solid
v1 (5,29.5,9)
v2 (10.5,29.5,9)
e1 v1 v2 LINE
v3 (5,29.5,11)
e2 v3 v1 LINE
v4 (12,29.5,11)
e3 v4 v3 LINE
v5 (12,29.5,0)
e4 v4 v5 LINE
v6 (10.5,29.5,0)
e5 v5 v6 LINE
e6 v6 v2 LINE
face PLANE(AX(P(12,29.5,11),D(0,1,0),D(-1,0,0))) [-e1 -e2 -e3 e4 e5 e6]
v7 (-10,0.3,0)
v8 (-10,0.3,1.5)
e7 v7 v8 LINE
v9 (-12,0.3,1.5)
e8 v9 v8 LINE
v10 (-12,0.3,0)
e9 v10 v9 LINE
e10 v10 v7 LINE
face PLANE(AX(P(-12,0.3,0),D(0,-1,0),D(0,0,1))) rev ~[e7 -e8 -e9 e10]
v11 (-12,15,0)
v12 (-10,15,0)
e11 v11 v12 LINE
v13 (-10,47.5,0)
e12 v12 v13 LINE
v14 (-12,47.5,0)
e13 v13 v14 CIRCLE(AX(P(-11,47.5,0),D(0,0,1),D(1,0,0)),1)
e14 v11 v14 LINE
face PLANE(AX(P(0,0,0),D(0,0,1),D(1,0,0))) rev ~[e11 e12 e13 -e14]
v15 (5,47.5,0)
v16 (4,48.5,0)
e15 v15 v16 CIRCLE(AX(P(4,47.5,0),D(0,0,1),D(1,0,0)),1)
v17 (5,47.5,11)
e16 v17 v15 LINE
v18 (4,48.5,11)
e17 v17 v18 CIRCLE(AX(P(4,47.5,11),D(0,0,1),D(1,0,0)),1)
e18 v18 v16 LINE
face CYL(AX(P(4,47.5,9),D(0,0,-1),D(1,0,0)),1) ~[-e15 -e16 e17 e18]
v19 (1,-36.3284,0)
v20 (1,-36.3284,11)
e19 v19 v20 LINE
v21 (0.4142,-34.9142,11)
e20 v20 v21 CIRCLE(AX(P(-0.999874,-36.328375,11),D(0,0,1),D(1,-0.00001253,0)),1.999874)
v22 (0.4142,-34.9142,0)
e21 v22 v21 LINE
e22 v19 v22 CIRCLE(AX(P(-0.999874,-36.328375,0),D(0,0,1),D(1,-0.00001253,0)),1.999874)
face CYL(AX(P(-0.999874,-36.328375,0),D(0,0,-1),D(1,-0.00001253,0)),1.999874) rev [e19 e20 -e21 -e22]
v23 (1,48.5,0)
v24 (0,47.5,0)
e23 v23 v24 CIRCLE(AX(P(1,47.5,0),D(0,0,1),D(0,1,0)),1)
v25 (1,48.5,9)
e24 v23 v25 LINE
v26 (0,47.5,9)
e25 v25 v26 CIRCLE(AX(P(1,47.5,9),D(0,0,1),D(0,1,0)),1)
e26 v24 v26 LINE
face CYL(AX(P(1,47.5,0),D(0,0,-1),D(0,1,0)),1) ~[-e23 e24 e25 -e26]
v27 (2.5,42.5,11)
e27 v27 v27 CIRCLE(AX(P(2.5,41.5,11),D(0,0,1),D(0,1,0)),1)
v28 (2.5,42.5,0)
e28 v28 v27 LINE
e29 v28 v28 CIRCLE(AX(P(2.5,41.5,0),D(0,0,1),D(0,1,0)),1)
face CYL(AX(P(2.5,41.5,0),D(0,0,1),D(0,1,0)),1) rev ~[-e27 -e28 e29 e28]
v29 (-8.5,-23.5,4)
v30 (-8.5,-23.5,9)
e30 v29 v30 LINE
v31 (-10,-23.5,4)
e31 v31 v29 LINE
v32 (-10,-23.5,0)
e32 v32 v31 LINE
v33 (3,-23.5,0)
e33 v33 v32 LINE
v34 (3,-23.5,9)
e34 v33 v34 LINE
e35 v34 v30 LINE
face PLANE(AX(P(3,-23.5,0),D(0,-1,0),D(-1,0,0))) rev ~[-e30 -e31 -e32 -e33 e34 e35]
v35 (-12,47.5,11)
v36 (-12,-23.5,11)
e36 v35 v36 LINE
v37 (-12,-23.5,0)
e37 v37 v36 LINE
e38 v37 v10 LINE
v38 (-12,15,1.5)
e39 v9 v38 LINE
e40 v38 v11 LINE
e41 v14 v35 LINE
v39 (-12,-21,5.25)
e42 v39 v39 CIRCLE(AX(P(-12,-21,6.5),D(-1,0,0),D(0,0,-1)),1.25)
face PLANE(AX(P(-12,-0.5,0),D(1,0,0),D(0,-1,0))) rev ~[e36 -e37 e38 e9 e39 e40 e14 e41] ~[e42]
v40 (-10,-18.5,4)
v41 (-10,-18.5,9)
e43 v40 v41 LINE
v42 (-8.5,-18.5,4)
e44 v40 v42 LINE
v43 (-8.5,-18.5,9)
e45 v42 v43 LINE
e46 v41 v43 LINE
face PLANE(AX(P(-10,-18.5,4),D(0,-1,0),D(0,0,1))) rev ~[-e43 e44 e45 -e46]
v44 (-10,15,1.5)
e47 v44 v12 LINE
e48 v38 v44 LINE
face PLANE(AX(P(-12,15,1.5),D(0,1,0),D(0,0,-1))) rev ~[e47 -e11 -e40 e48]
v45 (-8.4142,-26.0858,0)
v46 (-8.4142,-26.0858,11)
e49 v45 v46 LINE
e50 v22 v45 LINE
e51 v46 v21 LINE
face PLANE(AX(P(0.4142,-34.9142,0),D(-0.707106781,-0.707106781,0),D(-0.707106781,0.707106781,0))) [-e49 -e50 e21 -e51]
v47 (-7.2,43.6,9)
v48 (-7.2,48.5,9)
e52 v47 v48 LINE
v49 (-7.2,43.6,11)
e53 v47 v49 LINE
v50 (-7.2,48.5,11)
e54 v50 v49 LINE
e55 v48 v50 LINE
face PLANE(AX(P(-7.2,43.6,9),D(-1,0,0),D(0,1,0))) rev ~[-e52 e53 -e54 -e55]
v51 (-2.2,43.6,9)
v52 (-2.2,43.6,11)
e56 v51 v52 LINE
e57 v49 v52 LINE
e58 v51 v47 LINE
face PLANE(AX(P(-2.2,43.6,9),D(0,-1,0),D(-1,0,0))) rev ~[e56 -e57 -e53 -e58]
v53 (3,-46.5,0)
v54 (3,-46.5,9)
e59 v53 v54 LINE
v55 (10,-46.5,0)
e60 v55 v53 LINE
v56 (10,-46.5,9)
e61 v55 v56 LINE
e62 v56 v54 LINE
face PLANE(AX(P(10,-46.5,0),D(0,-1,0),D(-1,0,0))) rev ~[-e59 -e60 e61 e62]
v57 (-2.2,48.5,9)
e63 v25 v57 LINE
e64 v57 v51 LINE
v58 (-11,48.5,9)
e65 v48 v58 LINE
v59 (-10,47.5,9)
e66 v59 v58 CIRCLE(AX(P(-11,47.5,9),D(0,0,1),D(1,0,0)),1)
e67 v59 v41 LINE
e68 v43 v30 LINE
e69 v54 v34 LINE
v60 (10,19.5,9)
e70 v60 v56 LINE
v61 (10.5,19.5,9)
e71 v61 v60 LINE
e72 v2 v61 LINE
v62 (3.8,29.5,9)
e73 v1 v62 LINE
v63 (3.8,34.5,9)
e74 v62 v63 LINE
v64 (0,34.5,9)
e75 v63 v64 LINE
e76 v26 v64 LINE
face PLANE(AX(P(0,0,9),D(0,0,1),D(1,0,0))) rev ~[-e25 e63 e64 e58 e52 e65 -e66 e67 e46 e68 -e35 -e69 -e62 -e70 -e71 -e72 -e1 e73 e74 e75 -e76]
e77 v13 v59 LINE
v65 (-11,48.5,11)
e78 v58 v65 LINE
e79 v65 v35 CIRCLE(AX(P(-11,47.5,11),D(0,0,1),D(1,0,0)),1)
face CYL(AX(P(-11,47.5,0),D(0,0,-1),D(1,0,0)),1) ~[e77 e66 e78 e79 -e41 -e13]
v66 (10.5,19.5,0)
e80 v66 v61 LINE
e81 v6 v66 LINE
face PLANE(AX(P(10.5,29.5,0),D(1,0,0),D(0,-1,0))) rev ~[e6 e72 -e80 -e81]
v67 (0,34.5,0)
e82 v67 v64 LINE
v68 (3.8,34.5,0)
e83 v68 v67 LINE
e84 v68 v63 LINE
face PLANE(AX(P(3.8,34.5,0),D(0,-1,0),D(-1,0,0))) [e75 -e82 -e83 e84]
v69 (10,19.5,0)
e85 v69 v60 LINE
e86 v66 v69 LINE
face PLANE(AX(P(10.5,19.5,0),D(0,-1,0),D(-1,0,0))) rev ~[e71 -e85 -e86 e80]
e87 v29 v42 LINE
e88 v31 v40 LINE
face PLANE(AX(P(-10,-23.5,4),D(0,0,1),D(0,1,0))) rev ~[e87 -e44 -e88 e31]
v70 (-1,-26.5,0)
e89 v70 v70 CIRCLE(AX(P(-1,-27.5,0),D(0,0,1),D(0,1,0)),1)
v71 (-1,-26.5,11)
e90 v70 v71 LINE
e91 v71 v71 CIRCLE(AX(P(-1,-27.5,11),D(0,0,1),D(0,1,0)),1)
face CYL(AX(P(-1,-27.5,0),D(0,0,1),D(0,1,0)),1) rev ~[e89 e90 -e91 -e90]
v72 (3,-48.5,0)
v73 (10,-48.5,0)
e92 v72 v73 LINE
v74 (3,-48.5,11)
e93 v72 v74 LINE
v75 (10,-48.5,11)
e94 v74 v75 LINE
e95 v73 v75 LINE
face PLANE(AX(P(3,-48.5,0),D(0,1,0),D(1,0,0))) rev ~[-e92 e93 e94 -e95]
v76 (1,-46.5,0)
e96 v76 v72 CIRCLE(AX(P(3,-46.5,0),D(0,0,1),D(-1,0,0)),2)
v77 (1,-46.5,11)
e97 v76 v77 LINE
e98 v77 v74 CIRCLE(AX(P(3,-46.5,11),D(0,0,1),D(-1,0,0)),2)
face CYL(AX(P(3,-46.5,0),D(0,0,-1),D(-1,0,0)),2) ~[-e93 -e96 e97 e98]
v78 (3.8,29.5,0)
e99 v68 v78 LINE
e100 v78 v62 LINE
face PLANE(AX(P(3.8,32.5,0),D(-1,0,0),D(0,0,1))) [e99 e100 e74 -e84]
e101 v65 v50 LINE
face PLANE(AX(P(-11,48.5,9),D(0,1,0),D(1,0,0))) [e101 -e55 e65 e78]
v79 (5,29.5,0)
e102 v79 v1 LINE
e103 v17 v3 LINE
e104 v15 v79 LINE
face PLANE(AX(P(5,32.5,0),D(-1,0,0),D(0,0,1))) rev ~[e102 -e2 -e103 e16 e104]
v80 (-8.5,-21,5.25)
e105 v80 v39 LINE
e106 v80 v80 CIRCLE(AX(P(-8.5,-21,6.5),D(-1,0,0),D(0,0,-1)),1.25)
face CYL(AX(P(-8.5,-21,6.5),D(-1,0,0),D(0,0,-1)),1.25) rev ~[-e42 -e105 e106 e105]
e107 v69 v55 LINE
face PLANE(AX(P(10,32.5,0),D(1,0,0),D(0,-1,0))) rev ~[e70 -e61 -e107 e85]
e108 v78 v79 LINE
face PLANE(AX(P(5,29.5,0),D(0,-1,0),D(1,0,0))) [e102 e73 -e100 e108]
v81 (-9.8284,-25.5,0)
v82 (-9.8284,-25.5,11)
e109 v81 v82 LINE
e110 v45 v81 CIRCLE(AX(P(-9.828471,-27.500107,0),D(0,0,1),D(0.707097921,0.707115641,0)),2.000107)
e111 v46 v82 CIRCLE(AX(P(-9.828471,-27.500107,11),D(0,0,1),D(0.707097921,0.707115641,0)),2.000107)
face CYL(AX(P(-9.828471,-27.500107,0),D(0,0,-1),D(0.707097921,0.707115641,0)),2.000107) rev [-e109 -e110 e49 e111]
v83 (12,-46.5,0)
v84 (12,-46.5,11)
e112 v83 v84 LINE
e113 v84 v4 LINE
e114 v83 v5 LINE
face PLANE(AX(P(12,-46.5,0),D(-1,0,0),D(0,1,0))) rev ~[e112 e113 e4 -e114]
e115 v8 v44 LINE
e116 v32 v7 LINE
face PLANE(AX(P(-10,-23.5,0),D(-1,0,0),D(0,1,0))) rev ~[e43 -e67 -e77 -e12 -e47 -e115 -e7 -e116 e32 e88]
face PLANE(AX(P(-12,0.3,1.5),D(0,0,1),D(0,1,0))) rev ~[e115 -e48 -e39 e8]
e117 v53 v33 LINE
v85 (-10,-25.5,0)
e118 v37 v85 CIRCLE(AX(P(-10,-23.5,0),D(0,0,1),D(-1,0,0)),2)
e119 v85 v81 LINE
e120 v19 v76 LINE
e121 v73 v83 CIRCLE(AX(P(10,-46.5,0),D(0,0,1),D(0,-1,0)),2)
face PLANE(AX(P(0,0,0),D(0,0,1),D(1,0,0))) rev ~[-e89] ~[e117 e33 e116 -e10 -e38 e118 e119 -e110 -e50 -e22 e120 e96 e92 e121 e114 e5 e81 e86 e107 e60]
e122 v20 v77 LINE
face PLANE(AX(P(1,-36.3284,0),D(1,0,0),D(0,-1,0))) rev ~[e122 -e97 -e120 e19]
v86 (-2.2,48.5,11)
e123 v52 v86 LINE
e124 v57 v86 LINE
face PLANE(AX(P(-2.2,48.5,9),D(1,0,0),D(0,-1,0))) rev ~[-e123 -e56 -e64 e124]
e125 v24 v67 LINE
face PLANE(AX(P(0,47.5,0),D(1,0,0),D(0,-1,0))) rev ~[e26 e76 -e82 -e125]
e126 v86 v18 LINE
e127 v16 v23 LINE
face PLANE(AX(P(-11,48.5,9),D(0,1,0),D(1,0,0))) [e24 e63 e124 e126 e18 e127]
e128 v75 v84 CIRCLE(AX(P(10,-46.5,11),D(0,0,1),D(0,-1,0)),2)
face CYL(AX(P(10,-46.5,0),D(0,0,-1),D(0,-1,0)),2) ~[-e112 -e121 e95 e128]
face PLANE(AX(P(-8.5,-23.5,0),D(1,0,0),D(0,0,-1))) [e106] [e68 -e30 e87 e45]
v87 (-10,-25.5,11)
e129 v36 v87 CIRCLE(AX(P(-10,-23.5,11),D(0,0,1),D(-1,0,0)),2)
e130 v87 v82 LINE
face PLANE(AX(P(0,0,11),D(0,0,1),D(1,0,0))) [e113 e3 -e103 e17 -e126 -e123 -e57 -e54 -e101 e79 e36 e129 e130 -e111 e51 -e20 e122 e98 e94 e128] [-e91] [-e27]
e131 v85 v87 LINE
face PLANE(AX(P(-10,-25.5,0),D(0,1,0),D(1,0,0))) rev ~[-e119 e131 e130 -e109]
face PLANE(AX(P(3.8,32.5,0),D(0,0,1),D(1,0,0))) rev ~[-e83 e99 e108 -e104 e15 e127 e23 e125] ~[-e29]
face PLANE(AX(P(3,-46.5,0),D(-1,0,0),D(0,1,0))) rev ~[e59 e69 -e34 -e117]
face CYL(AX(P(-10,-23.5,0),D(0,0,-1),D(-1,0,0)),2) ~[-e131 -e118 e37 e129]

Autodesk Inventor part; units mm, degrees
ref_plane "YZ Plane" through (0, 0, 0) normal (1, 0, 0) x (0, 1, 0)
ref_plane "XZ Plane" through (0, 0, 0) normal (0, 1, 0) x (-1, 0, 0)
sketch "Skizze1" plane through (0, 0, 0) normal (0, 0, 1) x (1, 0, 0)
  point P0 (0, 0)
ref_plane "Arbeitsebene1" through (0, 0, 0) normal (0, 0, 1) x (1, 0, 0)
sketch "Skizze2" plane through (0, 0, 0) normal (0, 0, 1) x (1, 0, 0)
  line L0 (-10, -0.5) -> (-12, -0.5) projected
  line L1 (-12, -0.5) -> (-12, -23.5) projected
  arc A0 (-12, -23.5) -> (-10, -25.5) centre (-10, -23.5) ccw projected
  line L2 (-10, -25.5) -> (-9.8284, -25.5) projected
  arc A1 (-8.4142, -26.0858) -> (-9.8284, -25.5) centre (-9.8284, -27.5) ccw projected
  line L3 (0.4142, -34.9142) -> (-8.4142, -26.0858) projected
  arc A2 (1, -36.3284) -> (0.4142, -34.9142) centre (-1, -36.3284) ccw projected
  line L4 (1, -36.3284) -> (1, -46.5) projected
  arc A3 (1, -46.5) -> (3, -48.5) centre (3, -46.5) ccw projected
  line L5 (3, -48.5) -> (10, -48.5) projected
  arc A4 (10, -48.5) -> (12, -46.5) centre (10, -46.5) ccw projected
  line L6 (12, -46.5) -> (12, 31.5) projected
  line L7 (11, 32.5) -> (10, 32.5) projected
  line L8 (10, 32.5) -> (10, -46.5) projected
  line L9 (10, -46.5) -> (3, -46.5) projected
  line L10 (3, -46.5) -> (3, -23.5) projected
  line L11 (3, -23.5) -> (-10, -23.5) projected
  line L12 (-10, -23.5) -> (-10, -0.5) projected
  arc A5 (1, 48.5) -> (0, 47.5) centre (1, 47.5) ccw projected
  line L13 (0, 47.5) -> (0, 32.5) projected
  line L14 (0, 32.5) -> (5, 32.5) projected
  line L15 (5, 32.5) -> (5, 47.5) projected
  arc A6 (5, 47.5) -> (4, 48.5) centre (4, 47.5) ccw projected
  line L16 (4, 48.5) -> (1, 48.5) projected
  line L17 (-12, 12.5) -> (-10, 12.5) projected
  line L18 (-10, 12.5) -> (-10, 47.5) projected
  arc A7 (-10, 47.5) -> (-12, 47.5) centre (-11, 47.5) ccw projected
  line L19 (-12, 47.5) -> (-12, 12.5) projected
  line L20 (-10, 12.5) -> (-10, -0.5) projected
  line L21 (-12, 12.5) -> (-10, 12.5) projected
  line L22 (-12, -0.5) -> (-12, 12.5) projected
  line L23 (-10, -0.5) -> (-12, -0.5) projected
  arc A8 (12, 31.5) -> (11, 32.5) centre (11, 31.5) ccw projected
  point P0 (0, 0)
extrude "Extrusion1" add sketch "Skizze2" along normal blind 9
sketch "Skizze3" plane through (0, 0, 9) normal (0, 0, 1) x (1, 0, 0)
  line L0 (-12, 47.5) -> (-12, -23.5) projected
  arc A0 (-12, -23.5) -> (-10, -25.5) centre (-10, -23.5) ccw projected
  line L1 (-10, -25.5) -> (-9.8284, -25.5) projected
  arc A1 (-8.4142, -26.0858) -> (-9.8284, -25.5) centre (-9.8284, -27.5) ccw projected
  line L2 (-8.4142, -26.0858) -> (0.4142, -34.9142) projected
  arc A2 (1, -36.3284) -> (0.4142, -34.9142) centre (-1, -36.3284) ccw projected
  line L3 (1, -36.3284) -> (1, -46.5) projected
  arc A3 (1, -46.5) -> (3, -48.5) centre (3, -46.5) ccw projected
  line L4 (3, -48.5) -> (10, -48.5) projected
  arc A4 (10, -48.5) -> (12, -46.5) centre (10, -46.5) ccw projected
  line L5 (12, -46.5) -> (12, 31.5) projected
  line L6 (11, 32.5) -> (10, 32.5) projected
  line L7 (10, 32.5) -> (10, -46.5) projected
  line L8 (10, -46.5) -> (3, -46.5) projected
  line L9 (3, -46.5) -> (3, -23.5) projected
  line L10 (3, -23.5) -> (-10, -23.5) projected
  line L11 (-10, -23.5) -> (-10, 47.5) projected
  arc A5 (-10, 47.5) -> (-12, 47.5) centre (-11, 47.5) ccw projected
  line L12 (0, 32.5) -> (5, 32.5) projected
  line L13 (5, 32.5) -> (5, 47.5) projected
  arc A6 (5, 47.5) -> (4, 48.5) centre (4, 47.5) ccw projected
  line L14 (4, 48.5) -> (1, 48.5) projected
  arc A7 (1, 48.5) -> (0, 47.5) centre (1, 47.5) ccw projected
  line L15 (0, 47.5) -> (0, 32.5) projected
  line L16 (10, 32.5) -> (5, 32.5) projected
  line L17 (-11, 48.5) -> (4, 48.5)
  arc A8 (12, 31.5) -> (11, 32.5) centre (11, 31.5) ccw projected
  point P0 (0, 0)
extrude "Extrusion2" add sketch "Skizze3" along normal blind 2
sketch "Skizze5" plane through (-10, -23.5, 0) normal (1, 0, 0) x (0, 0, -1)
  line L0 (0, 0) -> (0, 71) projected
  line L1 (0, 71) -> (-9, 71) projected
  line L2 (-9, 0) -> (-9, 71) projected
  line L3 (0, 0) -> (-9, 0) projected
  line L4 (-9, 0) -> (-9, 71) projected
  line L5 (-9, 0) -> (-4, 0)
  line L6 (-4, 0) -> (-4, 5)
  line L7 (-4, 5) -> (-9, 5)
  line L8 (-9, 5) -> (-9, 0)
  point P0 (0, 23.5)
  point P1 (-9, 5)
  dimension "d4" = 5
  dimension "d5" = 5
extrude "Extrusion3" add sketch "Skizze5" along normal blind 2.5 contours L3 L2 L7 L6
sketch "Skizze6" plane through (-7.5, -23.5, 0) normal (1, 0, 0) x (0, 0, -1)
  line L0 (-4, 0) -> (-4, 5) projected
  line L1 (-4, 0) -> (-9, 0) projected
  line L2 (-4, 5) -> (-9, 5)
  line L3 (-9, 5) -> (-9, 0)
  line L4 (-9, 0) -> (-4, 0)
  line L5 (-4, 0) -> (-4, 5)
  point P0 (0, 23.5)
extrude "Extrusion4" cut sketch "Skizze6" against normal blind 1
sketch "Skizze7" plane through (0, 0, 0) normal (0, 0, -1) x (-1, 0, 0)
  line L0 (0, 32.5) -> (-5, 32.5) projected
  line L1 (0, 32.5) -> (-3.8, 32.5)
  line L2 (-3.8, 32.5) -> (-3.8, 34.5)
  line L3 (-3.8, 34.5) -> (0, 34.5)
  line L4 (0, 34.5) -> (0, 32.5)
  point P0 (0, 0)
  dimension "d10" = 2
  dimension "d11" = 3.8
extrude "Extrusion5" cut sketch "Skizze7" against normal up to surface (9 mm away)
sketch "Skizze8" plane through (0, 0, 11) normal (0, 0, 1) x (1, 0, 0)
  line L0 (3.8, 32.5) -> (5, 32.5) projected
  line L1 (12, -46.5) -> (12, 31.5) projected
  line L2 (5, 32.5) -> (12, 32.5)
  line L3 (12, 32.5) -> (12, 29.5)
  line L4 (12, 29.5) -> (5, 29.5)
  line L5 (5, 29.5) -> (5, 32.5)
  point P0 (0, 0)
  dimension "d14" = 3
extrude "Extrusion6" cut sketch "Skizze8" against normal through all
sketch "Skizze9" plane through (5, 32.5, 0) normal (0, -1, 0) x (1, 0, 0)
  line L0 (-1.2, 0) -> (-1.2, 9) projected
  line L1 (0, 0) -> (0, 11) projected
  line L2 (-1.2, 0) -> (0, 0)
  line L3 (0, 0) -> (0, 9)
  line L4 (0, 9) -> (-1.2, 9)
  line L5 (-1.2, 9) -> (-1.2, 0)
  point P0 (-5, 0)
  dimension "d17" = 9
extrude "Extrusion7" add sketch "Skizze9" along normal blind 3
sketch "Skizze10" plane through (-12, -23.5, 0) normal (-1, 0, 0) x (0, 0, 1)
  line L0 (0, 0) -> (0, 71) projected
  line L1 (0, 23.8) -> (1.5, 23.8)
  line L2 (1.5, 23.8) -> (1.5, 38.5)
  line L3 (1.5, 38.5) -> (0, 38.5)
  line L4 (0, 38.5) -> (0, 23.8)
  line L5 (0, 71) -> (11, 71) projected
  point P0 (0, 23.5)
  point P1 (0, 38.5)
  dimension "d20" = 1.5
  dimension "d21" = 14.7
  dimension "d57" = 23.8
extrude "Extrusion8" cut sketch "Skizze10" against normal up to surface (22 mm away)
sketch "Skizze11" plane through (0, 0, 9) normal (0, 0, -1) x (-1, 0, 0)
  line L0 (-4, 48.5) -> (11, 48.5) projected
  line L1 (7.2, 48.5) -> (2.2, 48.5)
  line L2 (2.2, 48.5) -> (2.2, 43.6)
  line L3 (2.2, 43.6) -> (7.2, 43.6)
  line L4 (7.2, 43.6) -> (7.2, 48.5)
  line L5 (12, 47.5) -> (12, 15) projected
  point P0 (0, 0)
  point P1 (2.2, 48.5)
  dimension "d25" = 4.9
  dimension "d26" = 5
  dimension "d27" = 4.8
extrude "Extrusion9" cut sketch "Skizze11" against normal blind 3
sketch "Skizze12" plane through (0, 0, 0) normal (0, 0, -1) x (-1, 0, 0)
  line L0 (-3, -23.5) -> (10, -23.5) projected
  line L1 (-3, -46.5) -> (-3, -23.5) projected
  point P0 (0, 0)
  point P1 (1, -27.5)
  dimension "d30" = 4
  dimension "d31" = 4
hole "Bohrung1" at (-1, -27.5, 0) direction (0, 0, 1) diameter 2 end through all
sketch "Skizze13" plane through (0, 0, 0) normal (0, 0, -1) x (-1, 0, 0)
  line L0 (-5, 29.5) -> (-5, 47.5) projected
  line L1 (-4, 48.5) -> (-1, 48.5) projected
  point P0 (0, 0)
  point P1 (-2.5, 41.5)
  dimension "d39" = 2.5
  dimension "d40" = 7
hole "Bohrung2" at (2.5, 41.5, 0) direction (0, 0, 1) diameter 2 end through all
sketch "Skizze14" plane through (-8.5, -23.5, 0) normal (1, 0, 0) x (0, 0, -1)
  line L0 (-9, 5) -> (-4, 5) projected
  line L1 (-4, 5) -> (-4, 0) projected
  point P0 (0, 23.5)
  point P1 (-6.5, 2.5)
  dimension "d48" = 2.5
  dimension "d49" = 2.5
hole "Bohrung3" at (-8.5, -21, 6.5) direction (-1, 0, 0) diameter 2.5 end through all
sketch "Skizze16" plane through (0, 0, 0) normal (0, 0, -1) x (-1, 0, 0)
  line L0 (-5, 29.5) -> (-10, 29.5) projected
  line L1 (-10, 29.5) -> (-10.5, 29.5)
  line L2 (-10.5, 29.5) -> (-10.5, 19.5)
  line L3 (-10.5, 19.5) -> (-10, 19.5)
  line L4 (-10, 19.5) -> (-10, 29.5)
  point P0 (0, 0)
  dimension "d63" = 0.5
  dimension "d64" = 10
extrude "Extrusion11" cut sketch "Skizze16" against normal up to surface (9 mm away)
properties part number "Case" material "Holz (Eiche)"
